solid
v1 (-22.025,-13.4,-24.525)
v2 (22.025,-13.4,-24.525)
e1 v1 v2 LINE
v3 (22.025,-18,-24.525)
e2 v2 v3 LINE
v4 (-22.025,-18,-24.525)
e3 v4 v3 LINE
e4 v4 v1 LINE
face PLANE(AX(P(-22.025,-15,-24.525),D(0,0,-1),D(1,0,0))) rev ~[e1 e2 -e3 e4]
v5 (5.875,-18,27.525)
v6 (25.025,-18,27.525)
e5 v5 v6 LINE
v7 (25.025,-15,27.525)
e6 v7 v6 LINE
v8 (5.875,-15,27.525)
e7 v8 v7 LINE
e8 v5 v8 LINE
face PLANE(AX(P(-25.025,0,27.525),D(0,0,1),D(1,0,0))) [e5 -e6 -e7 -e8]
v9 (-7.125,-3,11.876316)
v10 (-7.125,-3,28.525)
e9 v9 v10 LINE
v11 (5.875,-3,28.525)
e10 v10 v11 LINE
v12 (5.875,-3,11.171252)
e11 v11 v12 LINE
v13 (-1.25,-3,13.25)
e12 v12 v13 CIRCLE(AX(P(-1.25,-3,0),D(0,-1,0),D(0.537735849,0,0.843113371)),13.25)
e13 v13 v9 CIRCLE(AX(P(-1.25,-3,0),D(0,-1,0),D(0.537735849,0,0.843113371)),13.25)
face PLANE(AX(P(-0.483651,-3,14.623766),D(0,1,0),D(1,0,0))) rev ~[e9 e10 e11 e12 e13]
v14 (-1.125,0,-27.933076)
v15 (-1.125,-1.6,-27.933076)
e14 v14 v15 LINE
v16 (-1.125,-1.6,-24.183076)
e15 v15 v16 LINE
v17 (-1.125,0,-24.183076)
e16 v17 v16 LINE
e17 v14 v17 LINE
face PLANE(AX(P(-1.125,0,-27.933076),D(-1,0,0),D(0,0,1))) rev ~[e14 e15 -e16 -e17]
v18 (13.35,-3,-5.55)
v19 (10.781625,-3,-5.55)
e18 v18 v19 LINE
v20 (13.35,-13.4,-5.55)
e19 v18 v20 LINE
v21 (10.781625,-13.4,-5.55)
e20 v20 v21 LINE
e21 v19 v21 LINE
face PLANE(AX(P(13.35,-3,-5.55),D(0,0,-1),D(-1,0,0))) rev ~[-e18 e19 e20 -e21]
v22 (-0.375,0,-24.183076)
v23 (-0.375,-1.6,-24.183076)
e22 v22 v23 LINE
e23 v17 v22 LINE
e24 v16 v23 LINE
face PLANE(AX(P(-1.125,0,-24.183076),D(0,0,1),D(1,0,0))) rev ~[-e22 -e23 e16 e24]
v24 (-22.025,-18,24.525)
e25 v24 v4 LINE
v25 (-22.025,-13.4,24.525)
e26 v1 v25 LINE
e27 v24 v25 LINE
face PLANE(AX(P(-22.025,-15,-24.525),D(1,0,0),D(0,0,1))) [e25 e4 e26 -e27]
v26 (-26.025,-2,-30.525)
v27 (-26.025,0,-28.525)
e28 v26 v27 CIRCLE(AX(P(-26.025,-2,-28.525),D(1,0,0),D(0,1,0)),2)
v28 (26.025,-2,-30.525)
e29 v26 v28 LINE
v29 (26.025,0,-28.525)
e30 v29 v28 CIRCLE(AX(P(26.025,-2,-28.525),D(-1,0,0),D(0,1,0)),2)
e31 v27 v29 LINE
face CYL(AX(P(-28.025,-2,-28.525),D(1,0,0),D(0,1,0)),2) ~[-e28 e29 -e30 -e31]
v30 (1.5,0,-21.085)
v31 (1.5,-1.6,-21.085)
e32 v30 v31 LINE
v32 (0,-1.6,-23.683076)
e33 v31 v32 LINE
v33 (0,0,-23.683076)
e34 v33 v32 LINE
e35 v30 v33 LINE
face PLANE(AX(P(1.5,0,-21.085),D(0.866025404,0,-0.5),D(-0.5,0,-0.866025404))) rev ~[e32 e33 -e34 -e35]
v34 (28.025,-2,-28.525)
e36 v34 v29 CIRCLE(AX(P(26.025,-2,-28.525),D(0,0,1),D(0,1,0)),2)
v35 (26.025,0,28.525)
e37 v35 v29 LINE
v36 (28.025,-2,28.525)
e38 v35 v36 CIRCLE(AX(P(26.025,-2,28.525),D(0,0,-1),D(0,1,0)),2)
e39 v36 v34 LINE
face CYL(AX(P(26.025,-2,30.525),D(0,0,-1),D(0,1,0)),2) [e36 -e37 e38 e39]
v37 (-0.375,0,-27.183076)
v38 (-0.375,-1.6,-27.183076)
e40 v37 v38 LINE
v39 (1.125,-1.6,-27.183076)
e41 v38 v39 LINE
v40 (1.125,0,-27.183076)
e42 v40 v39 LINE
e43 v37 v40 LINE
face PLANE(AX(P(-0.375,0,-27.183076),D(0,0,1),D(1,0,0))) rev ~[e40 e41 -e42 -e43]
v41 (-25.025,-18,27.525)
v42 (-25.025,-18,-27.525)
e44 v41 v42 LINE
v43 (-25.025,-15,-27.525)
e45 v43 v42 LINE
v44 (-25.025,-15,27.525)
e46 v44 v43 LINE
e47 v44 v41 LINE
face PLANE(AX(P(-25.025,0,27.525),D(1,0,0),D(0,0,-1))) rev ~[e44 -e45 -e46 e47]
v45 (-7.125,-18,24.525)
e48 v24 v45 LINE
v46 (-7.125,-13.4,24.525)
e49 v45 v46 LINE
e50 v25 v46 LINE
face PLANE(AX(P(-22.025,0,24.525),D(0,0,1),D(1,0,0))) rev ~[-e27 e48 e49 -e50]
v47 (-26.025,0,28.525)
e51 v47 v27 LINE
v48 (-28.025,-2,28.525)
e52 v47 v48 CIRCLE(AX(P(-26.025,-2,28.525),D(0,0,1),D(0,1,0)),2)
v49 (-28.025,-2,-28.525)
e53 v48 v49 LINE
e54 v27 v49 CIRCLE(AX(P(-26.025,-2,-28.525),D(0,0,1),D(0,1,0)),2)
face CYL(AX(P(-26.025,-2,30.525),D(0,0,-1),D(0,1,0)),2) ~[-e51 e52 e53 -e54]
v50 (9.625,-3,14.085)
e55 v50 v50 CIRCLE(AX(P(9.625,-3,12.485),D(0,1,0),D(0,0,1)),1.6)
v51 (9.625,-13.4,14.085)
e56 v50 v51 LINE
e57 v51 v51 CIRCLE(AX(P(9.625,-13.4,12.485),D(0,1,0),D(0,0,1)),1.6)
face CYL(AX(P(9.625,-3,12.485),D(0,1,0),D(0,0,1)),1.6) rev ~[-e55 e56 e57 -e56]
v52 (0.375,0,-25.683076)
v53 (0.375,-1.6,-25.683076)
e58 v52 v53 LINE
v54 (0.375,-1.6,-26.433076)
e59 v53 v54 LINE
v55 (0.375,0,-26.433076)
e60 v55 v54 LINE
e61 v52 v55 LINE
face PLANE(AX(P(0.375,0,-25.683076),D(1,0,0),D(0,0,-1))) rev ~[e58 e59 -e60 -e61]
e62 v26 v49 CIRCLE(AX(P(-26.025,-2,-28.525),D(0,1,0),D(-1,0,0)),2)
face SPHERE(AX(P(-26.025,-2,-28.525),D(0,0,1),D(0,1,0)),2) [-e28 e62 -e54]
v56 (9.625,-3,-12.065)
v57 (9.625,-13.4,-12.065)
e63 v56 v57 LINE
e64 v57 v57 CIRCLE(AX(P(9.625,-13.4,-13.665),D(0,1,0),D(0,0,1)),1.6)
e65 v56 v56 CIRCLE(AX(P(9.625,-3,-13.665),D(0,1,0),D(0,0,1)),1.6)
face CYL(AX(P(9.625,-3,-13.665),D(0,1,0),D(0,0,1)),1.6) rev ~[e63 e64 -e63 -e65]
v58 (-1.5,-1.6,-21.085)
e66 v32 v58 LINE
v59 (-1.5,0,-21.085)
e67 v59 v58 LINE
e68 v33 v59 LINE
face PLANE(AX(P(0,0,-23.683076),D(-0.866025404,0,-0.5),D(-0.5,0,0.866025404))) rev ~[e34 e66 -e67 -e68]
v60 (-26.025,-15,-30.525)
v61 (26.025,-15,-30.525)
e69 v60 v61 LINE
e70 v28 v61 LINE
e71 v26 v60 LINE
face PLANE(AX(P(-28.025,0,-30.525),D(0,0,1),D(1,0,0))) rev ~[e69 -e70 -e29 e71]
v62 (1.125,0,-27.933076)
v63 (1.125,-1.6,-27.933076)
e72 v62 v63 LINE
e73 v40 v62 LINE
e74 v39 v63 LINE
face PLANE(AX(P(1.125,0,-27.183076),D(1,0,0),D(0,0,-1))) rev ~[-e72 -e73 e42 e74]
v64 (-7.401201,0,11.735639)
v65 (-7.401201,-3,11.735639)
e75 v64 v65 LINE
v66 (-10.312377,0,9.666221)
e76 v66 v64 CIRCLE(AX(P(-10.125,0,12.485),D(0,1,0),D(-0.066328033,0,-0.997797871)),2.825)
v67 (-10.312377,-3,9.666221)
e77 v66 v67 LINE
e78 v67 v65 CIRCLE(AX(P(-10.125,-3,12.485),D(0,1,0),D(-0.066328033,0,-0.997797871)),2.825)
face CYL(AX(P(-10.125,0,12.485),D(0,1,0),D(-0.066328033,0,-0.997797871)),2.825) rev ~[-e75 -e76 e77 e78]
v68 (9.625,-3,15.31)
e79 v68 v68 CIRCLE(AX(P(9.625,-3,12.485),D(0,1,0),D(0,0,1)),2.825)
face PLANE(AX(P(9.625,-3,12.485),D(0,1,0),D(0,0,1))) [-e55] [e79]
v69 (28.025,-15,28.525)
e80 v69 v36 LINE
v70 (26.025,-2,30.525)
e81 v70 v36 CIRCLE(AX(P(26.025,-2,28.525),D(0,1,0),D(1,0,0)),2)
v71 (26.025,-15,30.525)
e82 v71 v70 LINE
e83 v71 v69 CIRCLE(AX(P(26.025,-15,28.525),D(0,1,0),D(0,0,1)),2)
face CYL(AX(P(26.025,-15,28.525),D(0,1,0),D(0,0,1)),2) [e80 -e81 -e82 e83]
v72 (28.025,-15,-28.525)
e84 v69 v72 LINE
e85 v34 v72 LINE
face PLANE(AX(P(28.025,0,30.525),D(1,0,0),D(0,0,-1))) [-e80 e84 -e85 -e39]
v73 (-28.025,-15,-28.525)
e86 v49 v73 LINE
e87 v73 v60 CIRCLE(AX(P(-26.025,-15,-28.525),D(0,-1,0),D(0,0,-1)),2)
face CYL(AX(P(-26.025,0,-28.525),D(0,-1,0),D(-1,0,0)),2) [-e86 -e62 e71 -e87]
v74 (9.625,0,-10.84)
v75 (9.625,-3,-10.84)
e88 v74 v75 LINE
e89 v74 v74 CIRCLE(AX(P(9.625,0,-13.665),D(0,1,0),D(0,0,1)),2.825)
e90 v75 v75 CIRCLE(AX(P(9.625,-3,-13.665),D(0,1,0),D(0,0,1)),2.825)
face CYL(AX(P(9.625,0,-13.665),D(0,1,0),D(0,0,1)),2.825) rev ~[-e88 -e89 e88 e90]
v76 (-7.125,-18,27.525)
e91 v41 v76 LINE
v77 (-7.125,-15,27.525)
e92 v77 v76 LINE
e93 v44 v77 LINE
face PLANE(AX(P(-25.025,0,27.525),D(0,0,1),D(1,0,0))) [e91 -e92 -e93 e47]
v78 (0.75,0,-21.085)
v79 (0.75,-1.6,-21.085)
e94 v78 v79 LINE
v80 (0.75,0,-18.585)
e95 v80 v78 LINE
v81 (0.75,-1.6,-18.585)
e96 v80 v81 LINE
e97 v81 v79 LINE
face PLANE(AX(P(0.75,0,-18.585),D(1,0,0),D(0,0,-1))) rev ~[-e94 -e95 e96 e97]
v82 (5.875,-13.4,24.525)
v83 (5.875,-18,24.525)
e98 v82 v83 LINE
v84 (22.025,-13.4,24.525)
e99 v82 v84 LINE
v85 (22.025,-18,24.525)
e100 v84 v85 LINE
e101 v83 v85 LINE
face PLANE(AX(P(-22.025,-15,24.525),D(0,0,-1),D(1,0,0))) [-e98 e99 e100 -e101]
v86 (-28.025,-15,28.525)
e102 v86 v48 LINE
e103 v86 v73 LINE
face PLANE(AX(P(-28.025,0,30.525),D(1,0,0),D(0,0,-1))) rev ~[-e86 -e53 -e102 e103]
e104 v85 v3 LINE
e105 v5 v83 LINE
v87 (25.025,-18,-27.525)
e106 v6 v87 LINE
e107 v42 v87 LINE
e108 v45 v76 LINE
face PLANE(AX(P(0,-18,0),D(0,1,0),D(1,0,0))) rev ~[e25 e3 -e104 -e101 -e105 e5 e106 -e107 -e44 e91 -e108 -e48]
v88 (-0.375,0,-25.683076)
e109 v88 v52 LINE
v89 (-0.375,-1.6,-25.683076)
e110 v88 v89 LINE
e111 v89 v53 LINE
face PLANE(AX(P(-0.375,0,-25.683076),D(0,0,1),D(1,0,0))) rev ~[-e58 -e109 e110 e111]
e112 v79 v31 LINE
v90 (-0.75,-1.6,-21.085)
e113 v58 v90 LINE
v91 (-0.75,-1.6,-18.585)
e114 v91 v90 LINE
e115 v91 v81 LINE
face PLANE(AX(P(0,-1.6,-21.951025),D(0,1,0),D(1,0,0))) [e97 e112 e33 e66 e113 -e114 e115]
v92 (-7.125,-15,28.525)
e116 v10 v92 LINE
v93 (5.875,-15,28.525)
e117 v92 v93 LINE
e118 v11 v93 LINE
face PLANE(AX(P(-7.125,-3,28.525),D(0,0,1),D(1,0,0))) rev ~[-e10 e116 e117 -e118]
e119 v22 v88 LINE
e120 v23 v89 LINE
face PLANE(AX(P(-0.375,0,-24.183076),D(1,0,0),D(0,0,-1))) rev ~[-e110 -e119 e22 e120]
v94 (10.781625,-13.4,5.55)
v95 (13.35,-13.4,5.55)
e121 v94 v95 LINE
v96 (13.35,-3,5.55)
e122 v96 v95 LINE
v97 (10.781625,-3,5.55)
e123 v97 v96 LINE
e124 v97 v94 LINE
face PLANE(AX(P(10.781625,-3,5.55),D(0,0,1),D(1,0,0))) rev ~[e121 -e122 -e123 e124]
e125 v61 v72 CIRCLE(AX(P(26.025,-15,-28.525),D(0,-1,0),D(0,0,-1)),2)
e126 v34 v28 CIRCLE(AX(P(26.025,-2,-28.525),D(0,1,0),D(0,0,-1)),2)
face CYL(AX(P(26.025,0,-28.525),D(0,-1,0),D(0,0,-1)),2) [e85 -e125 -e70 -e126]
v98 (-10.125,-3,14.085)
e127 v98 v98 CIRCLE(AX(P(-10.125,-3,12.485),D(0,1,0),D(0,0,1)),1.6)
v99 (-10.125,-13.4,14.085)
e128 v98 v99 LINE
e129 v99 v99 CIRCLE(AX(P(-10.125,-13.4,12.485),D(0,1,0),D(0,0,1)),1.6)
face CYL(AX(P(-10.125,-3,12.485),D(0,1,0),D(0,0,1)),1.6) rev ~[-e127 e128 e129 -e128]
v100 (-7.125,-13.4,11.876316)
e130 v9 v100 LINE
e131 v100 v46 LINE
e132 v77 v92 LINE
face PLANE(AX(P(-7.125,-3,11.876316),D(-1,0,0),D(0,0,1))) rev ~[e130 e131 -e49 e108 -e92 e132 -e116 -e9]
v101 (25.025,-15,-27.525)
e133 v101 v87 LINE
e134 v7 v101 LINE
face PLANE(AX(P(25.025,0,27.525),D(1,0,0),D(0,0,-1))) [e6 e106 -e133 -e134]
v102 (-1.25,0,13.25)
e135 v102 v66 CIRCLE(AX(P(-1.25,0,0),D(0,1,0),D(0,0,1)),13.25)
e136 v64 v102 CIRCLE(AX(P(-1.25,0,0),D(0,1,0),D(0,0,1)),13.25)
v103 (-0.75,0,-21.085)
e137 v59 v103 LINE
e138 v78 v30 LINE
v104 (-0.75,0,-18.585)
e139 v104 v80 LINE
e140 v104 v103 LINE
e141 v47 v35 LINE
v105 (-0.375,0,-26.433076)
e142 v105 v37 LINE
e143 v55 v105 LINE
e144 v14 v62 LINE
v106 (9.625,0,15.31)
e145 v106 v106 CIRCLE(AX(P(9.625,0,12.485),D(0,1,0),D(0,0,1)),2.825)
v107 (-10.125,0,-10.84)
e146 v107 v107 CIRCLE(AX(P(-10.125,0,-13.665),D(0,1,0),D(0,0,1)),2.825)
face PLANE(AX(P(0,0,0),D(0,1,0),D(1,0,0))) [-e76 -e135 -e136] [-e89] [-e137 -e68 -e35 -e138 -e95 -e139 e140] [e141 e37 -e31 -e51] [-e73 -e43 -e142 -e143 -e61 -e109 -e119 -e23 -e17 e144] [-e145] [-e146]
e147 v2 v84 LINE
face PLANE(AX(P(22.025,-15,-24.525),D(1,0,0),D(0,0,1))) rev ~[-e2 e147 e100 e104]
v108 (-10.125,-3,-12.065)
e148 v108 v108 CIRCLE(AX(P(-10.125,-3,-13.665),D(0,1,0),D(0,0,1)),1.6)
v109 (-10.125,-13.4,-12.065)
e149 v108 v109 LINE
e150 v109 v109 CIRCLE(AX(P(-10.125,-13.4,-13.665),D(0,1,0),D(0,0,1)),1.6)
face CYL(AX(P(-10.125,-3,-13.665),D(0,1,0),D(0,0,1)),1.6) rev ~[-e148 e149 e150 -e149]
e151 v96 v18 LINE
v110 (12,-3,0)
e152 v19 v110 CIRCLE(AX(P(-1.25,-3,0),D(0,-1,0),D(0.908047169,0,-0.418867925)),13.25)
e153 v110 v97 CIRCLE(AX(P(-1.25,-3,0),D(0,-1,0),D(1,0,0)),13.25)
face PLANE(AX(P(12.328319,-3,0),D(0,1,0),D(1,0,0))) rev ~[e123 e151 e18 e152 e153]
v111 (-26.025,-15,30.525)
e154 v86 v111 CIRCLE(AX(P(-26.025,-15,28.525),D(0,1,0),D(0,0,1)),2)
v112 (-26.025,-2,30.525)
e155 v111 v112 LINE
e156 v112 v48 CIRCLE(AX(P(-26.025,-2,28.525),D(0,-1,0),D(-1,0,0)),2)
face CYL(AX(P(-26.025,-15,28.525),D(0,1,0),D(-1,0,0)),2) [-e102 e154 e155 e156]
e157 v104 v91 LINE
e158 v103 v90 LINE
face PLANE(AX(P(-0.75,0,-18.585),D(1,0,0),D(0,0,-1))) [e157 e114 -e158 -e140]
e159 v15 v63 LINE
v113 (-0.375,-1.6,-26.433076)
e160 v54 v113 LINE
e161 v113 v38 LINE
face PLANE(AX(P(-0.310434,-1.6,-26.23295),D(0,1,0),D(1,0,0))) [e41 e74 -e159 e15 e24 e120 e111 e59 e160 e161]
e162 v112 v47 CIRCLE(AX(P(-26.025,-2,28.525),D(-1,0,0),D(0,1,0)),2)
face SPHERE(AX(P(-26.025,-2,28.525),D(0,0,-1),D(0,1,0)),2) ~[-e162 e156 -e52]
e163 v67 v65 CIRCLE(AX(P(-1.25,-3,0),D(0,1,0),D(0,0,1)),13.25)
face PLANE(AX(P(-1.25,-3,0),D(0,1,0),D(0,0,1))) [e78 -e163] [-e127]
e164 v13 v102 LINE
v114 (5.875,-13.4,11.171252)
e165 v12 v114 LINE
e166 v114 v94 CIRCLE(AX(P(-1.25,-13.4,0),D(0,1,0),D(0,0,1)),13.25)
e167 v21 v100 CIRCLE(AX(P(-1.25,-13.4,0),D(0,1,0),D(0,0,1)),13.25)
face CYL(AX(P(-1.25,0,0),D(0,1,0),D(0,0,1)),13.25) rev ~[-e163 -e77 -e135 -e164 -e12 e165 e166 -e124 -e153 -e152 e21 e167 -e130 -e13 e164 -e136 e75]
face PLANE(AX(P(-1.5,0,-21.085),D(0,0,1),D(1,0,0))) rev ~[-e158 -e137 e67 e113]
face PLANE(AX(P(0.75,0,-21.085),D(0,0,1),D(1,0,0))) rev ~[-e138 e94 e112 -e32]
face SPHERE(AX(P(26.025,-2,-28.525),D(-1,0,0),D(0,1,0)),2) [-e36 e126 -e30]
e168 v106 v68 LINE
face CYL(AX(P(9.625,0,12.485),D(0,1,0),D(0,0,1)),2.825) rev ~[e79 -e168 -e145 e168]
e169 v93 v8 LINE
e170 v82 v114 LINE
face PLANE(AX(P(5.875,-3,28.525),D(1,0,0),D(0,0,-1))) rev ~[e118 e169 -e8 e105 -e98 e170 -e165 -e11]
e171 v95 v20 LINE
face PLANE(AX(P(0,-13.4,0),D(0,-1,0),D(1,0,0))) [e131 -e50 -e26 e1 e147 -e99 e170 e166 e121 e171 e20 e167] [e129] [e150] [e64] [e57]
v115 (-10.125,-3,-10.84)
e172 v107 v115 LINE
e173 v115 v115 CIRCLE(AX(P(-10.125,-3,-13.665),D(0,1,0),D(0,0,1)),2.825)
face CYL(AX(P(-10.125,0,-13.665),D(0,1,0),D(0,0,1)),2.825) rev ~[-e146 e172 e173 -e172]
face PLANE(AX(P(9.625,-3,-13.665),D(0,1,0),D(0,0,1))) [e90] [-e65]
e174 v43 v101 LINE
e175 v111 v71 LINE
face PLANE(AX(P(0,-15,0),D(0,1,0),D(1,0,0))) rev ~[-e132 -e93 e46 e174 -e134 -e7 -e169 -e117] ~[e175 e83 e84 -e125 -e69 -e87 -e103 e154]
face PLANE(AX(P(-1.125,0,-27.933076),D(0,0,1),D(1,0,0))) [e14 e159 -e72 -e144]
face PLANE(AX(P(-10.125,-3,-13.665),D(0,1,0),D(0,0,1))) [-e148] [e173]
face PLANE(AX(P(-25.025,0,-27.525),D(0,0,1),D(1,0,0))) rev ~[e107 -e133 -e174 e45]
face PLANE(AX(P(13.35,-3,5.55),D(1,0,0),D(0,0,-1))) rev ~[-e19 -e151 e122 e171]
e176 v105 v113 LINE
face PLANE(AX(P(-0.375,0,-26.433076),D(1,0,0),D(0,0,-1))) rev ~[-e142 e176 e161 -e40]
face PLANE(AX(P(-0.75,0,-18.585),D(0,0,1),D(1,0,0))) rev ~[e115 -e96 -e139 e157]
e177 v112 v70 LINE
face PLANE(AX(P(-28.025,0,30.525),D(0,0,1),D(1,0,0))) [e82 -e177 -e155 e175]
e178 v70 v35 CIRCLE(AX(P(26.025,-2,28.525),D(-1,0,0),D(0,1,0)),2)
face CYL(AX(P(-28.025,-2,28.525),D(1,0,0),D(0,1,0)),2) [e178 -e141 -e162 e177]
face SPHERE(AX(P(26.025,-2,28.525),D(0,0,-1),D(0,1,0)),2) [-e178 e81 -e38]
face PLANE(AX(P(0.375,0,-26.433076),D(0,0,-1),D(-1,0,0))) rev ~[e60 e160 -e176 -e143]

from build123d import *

# Parameters (mm, degrees)
SKETCH1_W           = 56.05
SKETCH1_H           = 61.05
SKETCH1_W_2         = 50.05
SKETCH1_H_2         = 55.05
SKETCH1_W_3         = 44.05
SKETCH1_H_3         = 49.05
BOSS_EXTRUDE1_DEPTH = 3
SKETCH1_3_W         = 56.05
SKETCH1_3_H         = 61.05
SKETCH1_3_W_2       = 50.05
SKETCH1_3_H_2       = 55.05
SKETCH1_3_W_3       = 44.05
SKETCH1_3_H_3       = 49.05
BOSS_EXTRUDE2_DEPTH = 15
SKETCH1_4_W         = 50.05
SKETCH1_4_H         = 55.05
SKETCH1_4_W_2       = 44.05
SKETCH1_4_H_2       = 49.05
BOSS_EXTRUDE3_DEPTH = 18
FILLET1_R           = 2
SKETCH2_R           = 13.25
CUT_EXTRUDE1_DEPTH  = 19
SKETCH2_9_R         = 2.825
SKETCH2_9_R_2       = 1.6
SKETCH2_9_R_3       = 13.25
CUT_EXTRUDE2_DEPTH  = 3
CUT_EXTRUDE3_START  = -3
SKETCH2_10_R        = 1.6
SKETCH2_10_W        = 13
SKETCH2_10_H        = 10.44
SKETCH2_10_H_2      = 1
SKETCH2_10_W_2      = 0.1
SKETCH2_10_H_3      = 11.1
CUT_EXTRUDE3_DEPTH  = 16
SKETCH5_W           = 44.05
SKETCH5_H           = 49.05
CUT_EXTRUDE4_DEPTH  = 1.6
SKETCH2_11_W        = 2.25
SKETCH2_11_H        = 0.408076211
SKETCH2_11_W_2      = 1.5
SKETCH2_11_H_2      = 2.5
CUT_EXTRUDE5_DEPTH  = 1.6


with BuildPart() as part:
    # Sketch1 → Boss-Extrude1 (new body)
    with BuildSketch(Plane(origin=(0, 0, 0), x_dir=(1, 0, 0), z_dir=(0, 1, 0))):
        Rectangle(SKETCH1_W, SKETCH1_H)
        Rectangle(SKETCH1_W_2, SKETCH1_H_2, mode=Mode.SUBTRACT)
        Rectangle(SKETCH1_W_2, SKETCH1_H_2)
        Rectangle(SKETCH1_W_3, SKETCH1_H_3, mode=Mode.SUBTRACT)
        Rectangle(SKETCH1_W_3, SKETCH1_H_3)
    extrude(amount=-BOSS_EXTRUDE1_DEPTH)

    # Sketch1_3 → Boss-Extrude2 (add)
    with BuildSketch(Plane(origin=(0, 0, 0), x_dir=(1, 0, 0), z_dir=(0, 1, 0))):
        Rectangle(SKETCH1_3_W, SKETCH1_3_H)
        Rectangle(SKETCH1_3_W_2, SKETCH1_3_H_2, mode=Mode.SUBTRACT)
        Rectangle(SKETCH1_3_W_2, SKETCH1_3_H_2)
        Rectangle(SKETCH1_3_W_3, SKETCH1_3_H_3, mode=Mode.SUBTRACT)
        Rectangle(SKETCH1_3_W_3, SKETCH1_3_H_3)
    extrude(amount=-BOSS_EXTRUDE2_DEPTH)

    # Sketch1_4 → Boss-Extrude3 (add)
    with BuildSketch(Plane(origin=(0, 0, 0), x_dir=(1, 0, 0), z_dir=(0, 1, 0))):
        Rectangle(SKETCH1_4_W, SKETCH1_4_H)
        Rectangle(SKETCH1_4_W_2, SKETCH1_4_H_2, mode=Mode.SUBTRACT)
    extrude(amount=-BOSS_EXTRUDE3_DEPTH)

    # Fillet1
    fillet1_edges = [part.edges().sort_by_distance(p)[0] for p in [
        (-28.025, 0, 0),
        (0, 0, -30.525),
        (28.025, 0, 0),
        (0, 0, 30.525),
        (-28.025, -7.5, 30.525),
        (-28.025, -7.5, -30.525),
        (28.025, -7.5, -30.525),
        (28.025, -7.5, 30.525),
    ]]
    fillet(fillet1_edges, radius=FILLET1_R)

    # Sketch2 → Cut-Extrude1 (cut, through all)
    with BuildSketch(Plane(origin=(0, 0, 0), x_dir=(1, 0, 0), z_dir=(0, 1, 0))):
        with Locations(Location((-1.25, 0, 0), (0, 0, 270))):  # turned: the seam where the file's is
            Circle(SKETCH2_R)
    extrude(amount=-CUT_EXTRUDE1_DEPTH, mode=Mode.SUBTRACT)

    # Sketch2_9 → Cut-Extrude2 (cut)
    with BuildSketch(Plane(origin=(0, 0, 0), x_dir=(1, 0, 0), z_dir=(0, 1, 0))):
        with Locations(Location((-10.125, 13.665, 0), (0, 0, 270))):  # turned: the seam where the file's is
            Circle(SKETCH2_9_R)
        with Locations((-10.125, 13.665)):
            Circle(SKETCH2_9_R_2, mode=Mode.SUBTRACT)
        with Locations(Location((9.625, 13.665, 0), (0, 0, 270))):  # turned: the seam where the file's is
            Circle(SKETCH2_9_R)
        with Locations((9.625, 13.665)):
            Circle(SKETCH2_9_R_2, mode=Mode.SUBTRACT)
        with Locations(Location((9.625, -12.485, 0), (0, 0, 270))):  # turned: the seam where the file's is
            Circle(SKETCH2_9_R)
        with Locations((9.625, -12.485)):
            Circle(SKETCH2_9_R_2, mode=Mode.SUBTRACT)
        with Locations(Location((-1.25, 0, 0), (0, 0, 270))):  # turned: the seam where the file's is
            Circle(SKETCH2_9_R_3)
        with Locations((-10.125, -12.485)):
            Circle(SKETCH2_9_R)
        with Locations((-10.125, -12.485)):
            Circle(SKETCH2_9_R_2, mode=Mode.SUBTRACT)
        with Locations(Location((-1.25, 0, 0), (0, 0, 270))):  # turned: the seam where the file's is
            Circle(SKETCH2_9_R_3)
        with Locations((-10.125, -12.485)):
            Circle(SKETCH2_9_R)
        with Locations((-10.125, 13.665)):
            Circle(SKETCH2_9_R_2)
        with Locations((9.625, 13.665)):
            Circle(SKETCH2_9_R_2)
        with Locations((9.625, -12.485)):
            Circle(SKETCH2_9_R_2)
        with Locations((-10.125, -12.485)):
            Circle(SKETCH2_9_R_2)
    extrude(amount=-CUT_EXTRUDE2_DEPTH, mode=Mode.SUBTRACT)

    # Sketch2_10 → Cut-Extrude3 (cut, through all)
    with BuildSketch(Plane(origin=(0, 0, 0), x_dir=(1, 0, 0), z_dir=(0, 1, 0)).offset(CUT_EXTRUDE3_START)):
        with Locations(Location((-10.125, 13.665, 0), (0, 0, 270))):  # turned: the seam where the file's is
            Circle(SKETCH2_10_R)
        with Locations(Location((9.625, 13.665, 0), (0, 0, 270))):  # turned: the seam where the file's is
            Circle(SKETCH2_10_R)
        with Locations(Location((9.625, -12.485, 0), (0, 0, 270))):  # turned: the seam where the file's is
            Circle(SKETCH2_10_R)
        with Locations(Location((-10.125, -12.485, 0), (0, 0, 270))):  # turned: the seam where the file's is
            Circle(SKETCH2_10_R)
        with BuildLine():
            Line((-7.125, -17.085), (5.875, -17.085))
            Line((5.875, -17.085), (5.875, -11.171252168))
            ThreePointArc((5.875, -11.171252168), (-0.532432127, -13.230555406), (-7.125, -11.876315717))
            Line((-7.125, -11.876315717), (-7.125, -17.085))
        make_face()
        with Locations((-0.625, -22.305)):
            Rectangle(SKETCH2_10_W, SKETCH2_10_H)
        with Locations((-0.625, -28.025)):
            Rectangle(SKETCH2_10_W, SKETCH2_10_H_2)
        with BuildLine():
            Line((10.781624994, -5.55), (13.25, -5.55))
            Line((13.25, -5.55), (13.25, 5.55))
            Line((13.25, 5.55), (10.781624994, 5.55))
            ThreePointArc((10.781624994, 5.55), (11.691822344, 2.841079797), (12, 0))
            ThreePointArc((12, 0), (11.691822344, -2.841079797), (10.781624994, -5.55))
        make_face()
        with Locations((13.3, 0)):
            Rectangle(SKETCH2_10_W_2, SKETCH2_10_H_3)
    extrude(amount=-CUT_EXTRUDE3_DEPTH, mode=Mode.SUBTRACT)

    # Sketch5 → Cut-Extrude4 (cut)
    with BuildSketch(Plane.XZ.offset(15)):
        Rectangle(SKETCH5_W, SKETCH5_H)
    extrude(amount=-CUT_EXTRUDE4_DEPTH, mode=Mode.SUBTRACT)

    # Sketch2_11 → Cut-Extrude5 (cut)
    with BuildSketch(Plane(origin=(0, 0, 0), x_dir=(1, 0, 0), z_dir=(0, 1, 0))):
        Polygon((-0.375, 27.183076211), (1.125, 27.183076211), (1.125, 27.525), (-1.125, 27.525), (-1.125, 24.183076211), (-0.375, 24.183076211), (-0.375, 25.683076211), (0.375, 25.683076211), (0.375, 26.433076211), (-0.375, 26.433076211), align=None)
        with Locations((0, 27.729038106)):
            Rectangle(SKETCH2_11_W, SKETCH2_11_H)
        Polygon((-1.5, 21.085), (-0.75, 21.085), (0.75, 21.085), (1.5, 21.085), (0, 23.683076211), align=None)
        with Locations((0, 19.835)):
            Rectangle(SKETCH2_11_W_2, SKETCH2_11_H_2)
    extrude(amount=-CUT_EXTRUDE5_DEPTH, mode=Mode.SUBTRACT)


solid = part.part
